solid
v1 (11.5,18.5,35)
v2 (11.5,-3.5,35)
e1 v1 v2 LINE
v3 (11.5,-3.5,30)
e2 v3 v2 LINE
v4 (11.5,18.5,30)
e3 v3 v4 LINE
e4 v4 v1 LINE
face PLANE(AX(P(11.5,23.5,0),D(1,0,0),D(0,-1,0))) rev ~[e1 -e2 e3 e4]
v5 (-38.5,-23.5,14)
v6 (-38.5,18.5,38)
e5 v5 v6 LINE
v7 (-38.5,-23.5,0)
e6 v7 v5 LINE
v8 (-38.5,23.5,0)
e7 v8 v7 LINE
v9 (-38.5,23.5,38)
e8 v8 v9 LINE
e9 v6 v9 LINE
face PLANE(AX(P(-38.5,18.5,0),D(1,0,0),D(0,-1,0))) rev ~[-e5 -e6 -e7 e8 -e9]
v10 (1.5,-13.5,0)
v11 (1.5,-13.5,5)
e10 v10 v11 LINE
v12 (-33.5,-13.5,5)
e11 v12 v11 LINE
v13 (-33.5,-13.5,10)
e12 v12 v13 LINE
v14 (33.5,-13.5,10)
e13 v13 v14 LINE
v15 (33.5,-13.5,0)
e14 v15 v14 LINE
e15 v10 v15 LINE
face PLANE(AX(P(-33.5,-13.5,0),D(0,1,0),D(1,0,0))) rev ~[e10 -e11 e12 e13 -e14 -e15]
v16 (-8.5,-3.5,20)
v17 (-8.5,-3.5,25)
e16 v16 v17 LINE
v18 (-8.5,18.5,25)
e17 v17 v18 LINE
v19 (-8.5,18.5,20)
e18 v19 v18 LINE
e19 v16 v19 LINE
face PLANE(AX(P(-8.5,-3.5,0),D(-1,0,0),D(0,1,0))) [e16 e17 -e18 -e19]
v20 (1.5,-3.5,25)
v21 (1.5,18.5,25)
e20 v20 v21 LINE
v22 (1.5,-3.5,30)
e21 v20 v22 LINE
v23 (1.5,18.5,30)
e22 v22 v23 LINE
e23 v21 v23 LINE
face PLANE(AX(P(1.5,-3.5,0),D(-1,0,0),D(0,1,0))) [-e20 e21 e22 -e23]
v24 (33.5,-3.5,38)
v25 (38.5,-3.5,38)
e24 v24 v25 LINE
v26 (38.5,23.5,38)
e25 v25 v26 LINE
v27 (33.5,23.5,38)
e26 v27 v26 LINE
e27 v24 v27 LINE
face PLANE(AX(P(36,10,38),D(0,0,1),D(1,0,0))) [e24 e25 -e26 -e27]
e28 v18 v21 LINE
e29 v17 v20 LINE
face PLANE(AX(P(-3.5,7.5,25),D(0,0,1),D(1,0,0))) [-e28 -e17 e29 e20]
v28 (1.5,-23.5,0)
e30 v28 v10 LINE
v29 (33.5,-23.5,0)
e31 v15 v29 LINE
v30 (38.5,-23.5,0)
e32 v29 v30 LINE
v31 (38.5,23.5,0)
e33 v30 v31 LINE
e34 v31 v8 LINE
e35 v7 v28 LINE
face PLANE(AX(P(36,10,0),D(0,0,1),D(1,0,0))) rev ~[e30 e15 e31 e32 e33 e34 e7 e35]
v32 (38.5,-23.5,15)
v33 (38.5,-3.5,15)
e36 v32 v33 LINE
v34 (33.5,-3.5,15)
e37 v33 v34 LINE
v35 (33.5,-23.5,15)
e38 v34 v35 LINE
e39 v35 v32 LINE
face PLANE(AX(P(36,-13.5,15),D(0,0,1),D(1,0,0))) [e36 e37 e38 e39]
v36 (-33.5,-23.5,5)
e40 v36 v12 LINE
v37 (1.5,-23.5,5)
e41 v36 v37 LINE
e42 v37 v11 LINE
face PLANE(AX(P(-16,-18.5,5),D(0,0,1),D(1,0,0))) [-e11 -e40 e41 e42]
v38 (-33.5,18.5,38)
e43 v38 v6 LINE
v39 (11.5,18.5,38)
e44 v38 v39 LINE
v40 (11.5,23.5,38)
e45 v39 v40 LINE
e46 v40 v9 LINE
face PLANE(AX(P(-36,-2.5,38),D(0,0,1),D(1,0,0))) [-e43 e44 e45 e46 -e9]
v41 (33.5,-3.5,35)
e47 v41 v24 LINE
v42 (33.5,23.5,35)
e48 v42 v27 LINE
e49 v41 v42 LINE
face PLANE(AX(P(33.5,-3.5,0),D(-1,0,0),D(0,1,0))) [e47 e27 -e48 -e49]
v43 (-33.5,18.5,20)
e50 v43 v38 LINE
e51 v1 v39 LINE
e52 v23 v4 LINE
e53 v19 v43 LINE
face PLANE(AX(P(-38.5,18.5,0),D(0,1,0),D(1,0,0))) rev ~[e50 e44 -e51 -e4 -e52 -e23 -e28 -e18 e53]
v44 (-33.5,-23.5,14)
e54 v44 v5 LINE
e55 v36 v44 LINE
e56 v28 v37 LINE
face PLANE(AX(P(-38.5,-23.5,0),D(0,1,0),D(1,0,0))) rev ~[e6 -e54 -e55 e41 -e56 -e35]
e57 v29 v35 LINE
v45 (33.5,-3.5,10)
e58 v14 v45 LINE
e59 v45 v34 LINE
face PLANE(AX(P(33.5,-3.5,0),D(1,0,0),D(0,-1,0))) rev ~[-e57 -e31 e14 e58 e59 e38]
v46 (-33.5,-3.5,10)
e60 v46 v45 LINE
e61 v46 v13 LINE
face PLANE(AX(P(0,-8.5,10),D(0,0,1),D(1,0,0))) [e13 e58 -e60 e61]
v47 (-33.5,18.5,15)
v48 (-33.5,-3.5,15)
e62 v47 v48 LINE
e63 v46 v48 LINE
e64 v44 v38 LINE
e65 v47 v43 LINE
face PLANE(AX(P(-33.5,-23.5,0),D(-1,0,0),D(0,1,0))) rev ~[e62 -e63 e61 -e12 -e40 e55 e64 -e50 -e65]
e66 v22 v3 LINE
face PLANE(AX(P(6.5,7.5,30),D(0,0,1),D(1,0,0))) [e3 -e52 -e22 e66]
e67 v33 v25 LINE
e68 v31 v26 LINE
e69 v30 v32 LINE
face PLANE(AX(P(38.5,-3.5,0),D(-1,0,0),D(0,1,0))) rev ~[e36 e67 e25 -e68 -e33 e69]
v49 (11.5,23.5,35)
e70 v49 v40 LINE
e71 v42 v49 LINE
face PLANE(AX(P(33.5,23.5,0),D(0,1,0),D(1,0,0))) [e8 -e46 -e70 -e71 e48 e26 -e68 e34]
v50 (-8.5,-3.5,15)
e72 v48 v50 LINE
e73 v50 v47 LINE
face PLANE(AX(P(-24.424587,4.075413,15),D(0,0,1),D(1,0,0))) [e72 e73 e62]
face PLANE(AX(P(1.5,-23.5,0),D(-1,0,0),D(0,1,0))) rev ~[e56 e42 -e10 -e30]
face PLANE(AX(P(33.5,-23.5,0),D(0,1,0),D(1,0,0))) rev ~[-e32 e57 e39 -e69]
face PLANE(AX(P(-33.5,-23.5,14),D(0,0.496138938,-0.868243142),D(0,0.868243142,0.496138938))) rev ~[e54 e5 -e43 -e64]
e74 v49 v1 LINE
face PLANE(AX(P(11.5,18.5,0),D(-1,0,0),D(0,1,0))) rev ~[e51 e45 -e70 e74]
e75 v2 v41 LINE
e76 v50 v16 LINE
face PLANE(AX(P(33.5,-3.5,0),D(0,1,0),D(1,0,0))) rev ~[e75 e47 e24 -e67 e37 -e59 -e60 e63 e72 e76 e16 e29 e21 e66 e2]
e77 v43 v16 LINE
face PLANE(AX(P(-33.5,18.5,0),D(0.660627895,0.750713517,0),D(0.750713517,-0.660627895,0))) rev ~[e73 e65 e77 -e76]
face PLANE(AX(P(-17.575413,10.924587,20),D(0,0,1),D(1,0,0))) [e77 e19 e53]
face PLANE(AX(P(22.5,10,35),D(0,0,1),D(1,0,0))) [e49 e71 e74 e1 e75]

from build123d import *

# Parameters (mm, degrees)
F0_W      = 35
F0_H      = 10
F1_DEPTH  = 5
F2_DEPTH  = 10
F3_DEPTH  = 15
F4_DEPTH  = 38
F5_DEPTH  = 38
F7_DEPTH  = 5
F8_DEPTH  = 15
F0_W_2    = 10
F0_H_2    = 22
F9_DEPTH  = 25
F10_DEPTH = 30
F11_DEPTH = 35
F12_DEPTH = 20
F0_W_3    = 5
F0_H_3    = 27
F13_DEPTH = 38


with BuildPart() as f1:
    # F0 (on Top) → F1 (new body)
    with BuildSketch(Plane.XY):
        with Locations((-16, -18.5)):
            Rectangle(F0_W, F0_H)
    extrude(amount=F1_DEPTH)

    # F0 (on Top) → F2 (join)
    with BuildSketch(Plane.XY):
        Polygon((33.5, -13.5), (33.5, -3.5), (11.5, -3.5), (1.5, -3.5), (-8.5, -3.5), (-33.5, -3.5), (-33.5, -13.5), (1.5, -13.5), align=None)
    extrude(amount=F2_DEPTH)

    # F0 (on Top) → F3 (join)
    with BuildSketch(Plane.XY):
        Polygon((38.5, -3.5), (33.5, -3.5), (33.5, -13.5), (33.5, -23.5), (38.5, -23.5), align=None)
    extrude(amount=F3_DEPTH)



with BuildPart() as f4:
    # F0 (on Top) → F4 (new body)
    with BuildSketch(Plane.XY):
        Polygon((11.5, 23.5), (-38.5, 23.5), (-38.5, 18.5), (-33.5, 18.5), (-8.5, 18.5), (1.5, 18.5), (11.5, 18.5), align=None)
    extrude(amount=F4_DEPTH)


with BuildPart() as f1_1:
    add(f1.part)

    add(f4.part)  # F5 merges F4
    # F0 (on Top) → F5 (join)
    with BuildSketch(Plane.XY):
        Polygon((-33.5, 18.5), (-38.5, 18.5), (-38.5, -23.5), (-33.5, -23.5), (-33.5, -13.5), (-33.5, -3.5), align=None)
    extrude(amount=F5_DEPTH)

    # F6 (on face) → F7 (cut)
    with BuildSketch(Plane.YZ.offset(-33.5)):
        Polygon((-23.5, 14), (18.5, 38), (-23.5, 38), align=None)
    extrude(amount=-F7_DEPTH, mode=Mode.SUBTRACT)

    # F0 (on Top) → F8 (join)
    with BuildSketch(Plane.XY):
        Polygon((-8.5, -3.5), (-33.5, 18.5), (-33.5, -3.5), align=None)
    extrude(amount=F8_DEPTH)

    # F0 (on Top) → F9 (join)
    with BuildSketch(Plane.XY):
        with Locations((-3.5, 7.5)):
            Rectangle(F0_W_2, F0_H_2)
    extrude(amount=F9_DEPTH)

    # F0 (on Top) → F10 (join)
    with BuildSketch(Plane.XY):
        with Locations((6.5, 7.5)):
            Rectangle(F0_W_2, F0_H_2)
    extrude(amount=F10_DEPTH)

    # F0 (on Top) → F11 (join)
    with BuildSketch(Plane.XY):
        Polygon((33.5, 23.5), (11.5, 23.5), (11.5, 18.5), (11.5, -3.5), (33.5, -3.5), align=None)
    extrude(amount=F11_DEPTH)

    # F0 (on Top) → F12 (join)
    with BuildSketch(Plane.XY):
        Polygon((-8.5, 18.5), (-33.5, 18.5), (-8.5, -3.5), align=None)
    extrude(amount=F12_DEPTH)

    # F0 (on Top) → F13 (join)
    with BuildSketch(Plane.XY):
        with Locations((36, 10)):
            Rectangle(F0_W_3, F0_H_3)
    extrude(amount=F13_DEPTH)


solid = f1_1.part
